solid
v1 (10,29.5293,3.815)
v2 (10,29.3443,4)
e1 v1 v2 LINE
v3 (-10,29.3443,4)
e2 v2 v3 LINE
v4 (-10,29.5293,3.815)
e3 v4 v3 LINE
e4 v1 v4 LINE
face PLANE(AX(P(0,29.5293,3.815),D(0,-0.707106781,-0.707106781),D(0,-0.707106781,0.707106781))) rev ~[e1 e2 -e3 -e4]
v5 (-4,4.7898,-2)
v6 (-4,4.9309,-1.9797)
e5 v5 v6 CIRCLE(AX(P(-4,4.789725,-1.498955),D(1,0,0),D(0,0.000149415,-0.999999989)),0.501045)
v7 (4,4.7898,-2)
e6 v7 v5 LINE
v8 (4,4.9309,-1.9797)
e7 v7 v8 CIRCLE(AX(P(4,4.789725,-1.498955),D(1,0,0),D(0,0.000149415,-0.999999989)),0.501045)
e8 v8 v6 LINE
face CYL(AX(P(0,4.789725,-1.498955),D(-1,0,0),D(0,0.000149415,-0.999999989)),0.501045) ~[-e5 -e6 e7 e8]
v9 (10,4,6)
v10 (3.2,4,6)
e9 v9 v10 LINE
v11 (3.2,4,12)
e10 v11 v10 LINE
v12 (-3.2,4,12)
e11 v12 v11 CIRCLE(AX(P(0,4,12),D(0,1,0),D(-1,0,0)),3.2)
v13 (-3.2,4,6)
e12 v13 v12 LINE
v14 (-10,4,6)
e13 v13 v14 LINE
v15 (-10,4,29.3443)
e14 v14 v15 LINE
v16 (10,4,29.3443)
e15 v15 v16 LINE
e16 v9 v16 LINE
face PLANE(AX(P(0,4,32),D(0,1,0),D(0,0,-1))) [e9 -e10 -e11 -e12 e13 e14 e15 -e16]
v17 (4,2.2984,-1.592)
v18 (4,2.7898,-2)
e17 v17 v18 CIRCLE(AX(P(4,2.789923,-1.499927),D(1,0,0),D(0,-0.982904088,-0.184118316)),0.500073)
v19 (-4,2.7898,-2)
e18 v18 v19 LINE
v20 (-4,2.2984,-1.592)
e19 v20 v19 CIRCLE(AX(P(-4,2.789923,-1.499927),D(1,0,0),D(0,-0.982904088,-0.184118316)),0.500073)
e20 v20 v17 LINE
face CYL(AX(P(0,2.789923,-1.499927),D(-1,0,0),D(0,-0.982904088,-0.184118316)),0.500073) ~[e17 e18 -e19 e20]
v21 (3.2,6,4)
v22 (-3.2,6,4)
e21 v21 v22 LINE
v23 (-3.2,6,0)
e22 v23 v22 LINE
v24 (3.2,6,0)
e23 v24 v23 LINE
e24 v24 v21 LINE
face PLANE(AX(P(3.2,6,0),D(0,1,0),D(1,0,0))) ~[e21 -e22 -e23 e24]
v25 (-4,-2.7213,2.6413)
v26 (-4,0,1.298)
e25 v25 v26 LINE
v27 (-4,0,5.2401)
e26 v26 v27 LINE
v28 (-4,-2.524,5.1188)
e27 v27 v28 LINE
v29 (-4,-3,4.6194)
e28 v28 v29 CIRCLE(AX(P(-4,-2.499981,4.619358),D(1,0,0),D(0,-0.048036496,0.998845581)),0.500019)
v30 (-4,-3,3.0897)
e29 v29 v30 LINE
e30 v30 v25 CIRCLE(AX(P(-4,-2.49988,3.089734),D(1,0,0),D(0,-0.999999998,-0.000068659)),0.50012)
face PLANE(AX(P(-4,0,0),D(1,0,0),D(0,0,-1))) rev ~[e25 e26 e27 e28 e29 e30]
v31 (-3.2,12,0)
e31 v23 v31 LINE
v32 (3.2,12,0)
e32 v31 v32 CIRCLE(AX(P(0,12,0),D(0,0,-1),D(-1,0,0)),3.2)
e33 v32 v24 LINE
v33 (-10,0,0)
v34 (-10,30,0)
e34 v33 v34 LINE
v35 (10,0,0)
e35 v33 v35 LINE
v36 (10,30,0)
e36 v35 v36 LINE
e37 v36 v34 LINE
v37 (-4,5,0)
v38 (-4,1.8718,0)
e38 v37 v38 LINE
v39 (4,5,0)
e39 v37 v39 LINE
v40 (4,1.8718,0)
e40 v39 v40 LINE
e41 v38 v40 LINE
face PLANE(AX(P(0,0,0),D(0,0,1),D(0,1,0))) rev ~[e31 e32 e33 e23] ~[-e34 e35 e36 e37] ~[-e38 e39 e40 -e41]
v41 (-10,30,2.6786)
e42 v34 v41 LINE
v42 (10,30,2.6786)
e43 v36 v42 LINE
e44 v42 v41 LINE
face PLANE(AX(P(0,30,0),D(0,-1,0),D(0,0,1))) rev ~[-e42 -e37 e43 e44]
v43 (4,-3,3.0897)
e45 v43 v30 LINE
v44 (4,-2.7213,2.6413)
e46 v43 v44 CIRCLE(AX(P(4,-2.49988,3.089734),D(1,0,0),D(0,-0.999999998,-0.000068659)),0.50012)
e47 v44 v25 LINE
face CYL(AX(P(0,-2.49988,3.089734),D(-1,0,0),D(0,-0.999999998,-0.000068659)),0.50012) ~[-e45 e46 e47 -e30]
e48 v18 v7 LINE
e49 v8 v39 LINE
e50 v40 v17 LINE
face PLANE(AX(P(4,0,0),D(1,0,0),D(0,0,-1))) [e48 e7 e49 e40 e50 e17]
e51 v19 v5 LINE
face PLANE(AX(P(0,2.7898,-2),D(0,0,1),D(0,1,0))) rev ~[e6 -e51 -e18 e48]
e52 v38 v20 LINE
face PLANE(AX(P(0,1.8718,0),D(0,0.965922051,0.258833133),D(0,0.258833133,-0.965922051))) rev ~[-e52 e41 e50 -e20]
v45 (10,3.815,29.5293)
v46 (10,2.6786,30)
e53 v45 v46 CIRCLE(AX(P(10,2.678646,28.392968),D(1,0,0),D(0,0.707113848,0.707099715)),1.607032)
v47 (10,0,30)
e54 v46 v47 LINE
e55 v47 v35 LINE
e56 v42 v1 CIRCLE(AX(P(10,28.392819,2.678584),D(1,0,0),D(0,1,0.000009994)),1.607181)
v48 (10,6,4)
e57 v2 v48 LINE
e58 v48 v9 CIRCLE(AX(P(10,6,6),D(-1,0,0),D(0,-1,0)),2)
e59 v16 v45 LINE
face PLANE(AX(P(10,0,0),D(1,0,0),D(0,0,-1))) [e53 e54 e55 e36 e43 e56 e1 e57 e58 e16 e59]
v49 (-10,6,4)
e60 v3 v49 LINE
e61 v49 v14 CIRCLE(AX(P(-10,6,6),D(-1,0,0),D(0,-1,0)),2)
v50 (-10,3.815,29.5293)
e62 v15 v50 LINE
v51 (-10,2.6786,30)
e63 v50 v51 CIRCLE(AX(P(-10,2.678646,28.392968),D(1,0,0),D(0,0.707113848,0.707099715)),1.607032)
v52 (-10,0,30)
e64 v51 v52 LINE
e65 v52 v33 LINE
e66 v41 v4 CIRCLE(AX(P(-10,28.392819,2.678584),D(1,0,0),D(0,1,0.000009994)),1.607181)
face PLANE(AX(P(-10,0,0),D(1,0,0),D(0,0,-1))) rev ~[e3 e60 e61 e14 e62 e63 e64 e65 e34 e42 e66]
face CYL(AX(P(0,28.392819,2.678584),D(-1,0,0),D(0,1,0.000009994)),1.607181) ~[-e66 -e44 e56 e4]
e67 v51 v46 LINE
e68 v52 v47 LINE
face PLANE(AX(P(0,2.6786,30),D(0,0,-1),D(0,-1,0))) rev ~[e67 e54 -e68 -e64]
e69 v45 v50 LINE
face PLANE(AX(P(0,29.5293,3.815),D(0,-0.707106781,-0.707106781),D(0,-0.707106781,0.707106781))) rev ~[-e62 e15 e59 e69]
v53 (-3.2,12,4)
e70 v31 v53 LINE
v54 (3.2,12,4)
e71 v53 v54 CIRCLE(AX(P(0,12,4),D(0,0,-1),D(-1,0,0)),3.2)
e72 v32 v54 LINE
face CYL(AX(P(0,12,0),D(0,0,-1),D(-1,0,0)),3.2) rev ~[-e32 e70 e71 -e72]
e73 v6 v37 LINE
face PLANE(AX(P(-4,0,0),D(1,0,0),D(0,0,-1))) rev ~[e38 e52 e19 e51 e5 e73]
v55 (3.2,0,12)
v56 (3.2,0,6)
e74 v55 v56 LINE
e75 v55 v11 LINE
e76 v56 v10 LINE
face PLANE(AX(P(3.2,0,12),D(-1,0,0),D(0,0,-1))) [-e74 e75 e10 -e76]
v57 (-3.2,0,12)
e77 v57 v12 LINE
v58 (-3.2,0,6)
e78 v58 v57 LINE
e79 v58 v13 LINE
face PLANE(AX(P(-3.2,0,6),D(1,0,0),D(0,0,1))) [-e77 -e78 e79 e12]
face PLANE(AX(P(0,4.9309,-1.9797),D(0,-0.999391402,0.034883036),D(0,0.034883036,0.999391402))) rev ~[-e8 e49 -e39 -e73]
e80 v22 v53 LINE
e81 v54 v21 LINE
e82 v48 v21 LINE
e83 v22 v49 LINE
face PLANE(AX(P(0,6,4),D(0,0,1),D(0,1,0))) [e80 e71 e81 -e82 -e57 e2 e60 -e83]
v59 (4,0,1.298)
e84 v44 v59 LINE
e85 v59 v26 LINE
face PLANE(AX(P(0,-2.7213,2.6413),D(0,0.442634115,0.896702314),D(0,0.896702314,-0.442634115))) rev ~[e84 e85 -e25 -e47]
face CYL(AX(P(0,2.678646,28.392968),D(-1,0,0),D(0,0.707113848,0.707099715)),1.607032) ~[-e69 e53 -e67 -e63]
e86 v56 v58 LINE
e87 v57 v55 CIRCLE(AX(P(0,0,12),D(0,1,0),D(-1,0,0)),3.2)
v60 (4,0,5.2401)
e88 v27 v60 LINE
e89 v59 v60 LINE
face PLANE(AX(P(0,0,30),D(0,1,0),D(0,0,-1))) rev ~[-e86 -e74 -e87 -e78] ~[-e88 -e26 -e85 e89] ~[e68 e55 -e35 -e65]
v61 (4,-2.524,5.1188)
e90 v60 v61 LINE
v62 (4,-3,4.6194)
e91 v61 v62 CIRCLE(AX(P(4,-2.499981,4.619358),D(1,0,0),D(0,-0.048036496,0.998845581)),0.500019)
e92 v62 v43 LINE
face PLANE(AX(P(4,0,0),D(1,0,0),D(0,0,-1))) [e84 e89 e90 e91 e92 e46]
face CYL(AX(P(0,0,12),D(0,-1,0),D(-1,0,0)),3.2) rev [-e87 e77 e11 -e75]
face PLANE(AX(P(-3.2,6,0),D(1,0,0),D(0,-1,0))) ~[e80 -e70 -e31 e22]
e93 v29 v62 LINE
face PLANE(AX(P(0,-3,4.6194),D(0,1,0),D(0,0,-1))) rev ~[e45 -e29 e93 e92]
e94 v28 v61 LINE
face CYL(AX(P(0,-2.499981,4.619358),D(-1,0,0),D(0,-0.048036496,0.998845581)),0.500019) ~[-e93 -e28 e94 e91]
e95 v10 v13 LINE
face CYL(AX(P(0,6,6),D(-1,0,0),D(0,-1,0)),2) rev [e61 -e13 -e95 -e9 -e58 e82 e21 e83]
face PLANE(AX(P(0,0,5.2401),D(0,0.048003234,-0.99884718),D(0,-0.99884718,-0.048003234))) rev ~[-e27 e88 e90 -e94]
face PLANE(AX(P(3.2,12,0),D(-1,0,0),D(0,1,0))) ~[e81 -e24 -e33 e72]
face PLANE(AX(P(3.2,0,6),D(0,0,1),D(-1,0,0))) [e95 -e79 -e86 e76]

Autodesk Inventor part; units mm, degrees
ref_plane "YZ Plane" through (0, 0, 0) normal (1, 0, 0) x (0, 1, 0)
ref_plane "XZ Plane" through (0, 0, 0) normal (0, 1, 0) x (-1, 0, 0)
sketch "_____1" plane through (0, 0, 0) normal (1, 0, 0) x (0, 0, -1)
  line L0 (-30, 2.6786) -> (-30, 0)
  line L1 (-30, 0) -> (0, 0)
  line L2 (0, 0) -> (0, 30)
  line L3 (0, 30) -> (-2.6786, 30)
  arc A0 (-2.6786, 30) -> (-3.815, 29.5293) centre (-2.6786, 28.3929) ccw
  line L4 (-3.815, 29.5293) -> (-29.5293, 3.815)
  arc A1 (-29.5293, 3.815) -> (-30, 2.6786) centre (-28.3929, 2.6786) ccw
  dimension "d42" = 30
extrude "Extrusion1" add sketch "_____1" along normal mid plane 20
sketch "_____2" plane through (0, 0, 0) normal (1, 0, 0) x (0, 0, -1)
  line L0 (-32, 32) -> (-32, 4)
  line L1 (-32, 4) -> (-6, 4)
  arc A0 (-6, 4) -> (-4, 6) centre (-6, 6) ccw
  line L2 (-4, 6) -> (-4, 32)
  line L3 (-4, 32) -> (-32, 32)
extrude "Extrusion2" cut sketch "_____2" along normal mid plane 30
sketch "_____9" plane through (0, 0, 0) normal (1, 0, 0) x (0, 0, -1)
  line L0 (0, 5) -> (0, 1.8718)
  line L1 (0, 1.8718) -> (1.592, 2.2984)
  arc A0 (1.592, 2.2984) -> (2, 2.7898) centre (1.5, 2.7898) ccw
  line L2 (2, 2.7898) -> (2, 4.7898)
  arc A1 (2, 4.7898) -> (1.9797, 4.9309) centre (1.5, 4.7898) ccw
  line L3 (1.9797, 4.9309) -> (0, 5)
  line L4 (-30, 0) -> (0, 0) projected
  line L5 (0, 0) -> (0, 30) projected
  dimension "d34" = 0.5
  dimension "d35" = 0.5
  dimension "d36" = 15
  dimension "d37" = 2
  dimension "d38" = 2
  dimension "d40" = 2
  dimension "d41" = 5
extrude "Extrusion3" add sketch "_____9" along normal mid plane 8
sketch "_____10" plane through (0, 0, 0) normal (1, 0, 0) x (0, 0, -1)
  line L0 (-5.2401, 0) -> (-5.1188, -2.524)
  arc A0 (-5.1188, -2.524) -> (-4.6194, -3) centre (-4.6194, -2.5) ccw
  line L1 (-4.6194, -3) -> (-3.0897, -3)
  arc A1 (-3.0897, -3) -> (-2.6413, -2.7213) centre (-3.0897, -2.5) ccw
  line L2 (-2.6413, -2.7213) -> (-1.298, 0)
  line L3 (-1.298, 0) -> (-5.2401, 0)
  line L4 (0, 0) -> (-30, 0) projected
  line L5 (0, 30) -> (0, 0) projected
  dimension "d26" = 0.5
  dimension "d27" = 0.5
  dimension "d28" = 3
  dimension "d29" = 2.749
extrude "Extrusion4" add sketch "_____10" along normal mid plane 8
sketch "_____3" plane through (0, 0, 0) normal (0, 1, 0) x (1, 0, 0)
  arc A0 (-3.2, -12) -> (3.2, -12) centre (0, -12) ccw
  line L0 (3.2, -12) -> (3.2, -6)
  line L1 (3.2, -6) -> (-3.2, -6)
  line L2 (-3.2, -6) -> (-3.2, -12)
  line L3 (-10, 0) -> (10, 0) projected
  line L4 (0, -6) -> (0, 0) construction
  point P0 (-3.2, -9)
  point P1 (3.2, -9)
  dimension "d23" = 3.2
  dimension "d24" = 6
  dimension "d25" = 6
extrude "Extrusion5" cut sketch "_____3" along normal blind 4
ref_plane "Work Plane7" through (-10, 4, 4) normal (0, 0.7071, -0.7071) x (-1, 0, 0)
mirror "Mirror1" about plane through (-10, 4, 4) normal (0, 0.7071, -0.7071) of "Extrusion5"
properties part number "HBLFSR5_b" material "Acetal Resin, Black"
